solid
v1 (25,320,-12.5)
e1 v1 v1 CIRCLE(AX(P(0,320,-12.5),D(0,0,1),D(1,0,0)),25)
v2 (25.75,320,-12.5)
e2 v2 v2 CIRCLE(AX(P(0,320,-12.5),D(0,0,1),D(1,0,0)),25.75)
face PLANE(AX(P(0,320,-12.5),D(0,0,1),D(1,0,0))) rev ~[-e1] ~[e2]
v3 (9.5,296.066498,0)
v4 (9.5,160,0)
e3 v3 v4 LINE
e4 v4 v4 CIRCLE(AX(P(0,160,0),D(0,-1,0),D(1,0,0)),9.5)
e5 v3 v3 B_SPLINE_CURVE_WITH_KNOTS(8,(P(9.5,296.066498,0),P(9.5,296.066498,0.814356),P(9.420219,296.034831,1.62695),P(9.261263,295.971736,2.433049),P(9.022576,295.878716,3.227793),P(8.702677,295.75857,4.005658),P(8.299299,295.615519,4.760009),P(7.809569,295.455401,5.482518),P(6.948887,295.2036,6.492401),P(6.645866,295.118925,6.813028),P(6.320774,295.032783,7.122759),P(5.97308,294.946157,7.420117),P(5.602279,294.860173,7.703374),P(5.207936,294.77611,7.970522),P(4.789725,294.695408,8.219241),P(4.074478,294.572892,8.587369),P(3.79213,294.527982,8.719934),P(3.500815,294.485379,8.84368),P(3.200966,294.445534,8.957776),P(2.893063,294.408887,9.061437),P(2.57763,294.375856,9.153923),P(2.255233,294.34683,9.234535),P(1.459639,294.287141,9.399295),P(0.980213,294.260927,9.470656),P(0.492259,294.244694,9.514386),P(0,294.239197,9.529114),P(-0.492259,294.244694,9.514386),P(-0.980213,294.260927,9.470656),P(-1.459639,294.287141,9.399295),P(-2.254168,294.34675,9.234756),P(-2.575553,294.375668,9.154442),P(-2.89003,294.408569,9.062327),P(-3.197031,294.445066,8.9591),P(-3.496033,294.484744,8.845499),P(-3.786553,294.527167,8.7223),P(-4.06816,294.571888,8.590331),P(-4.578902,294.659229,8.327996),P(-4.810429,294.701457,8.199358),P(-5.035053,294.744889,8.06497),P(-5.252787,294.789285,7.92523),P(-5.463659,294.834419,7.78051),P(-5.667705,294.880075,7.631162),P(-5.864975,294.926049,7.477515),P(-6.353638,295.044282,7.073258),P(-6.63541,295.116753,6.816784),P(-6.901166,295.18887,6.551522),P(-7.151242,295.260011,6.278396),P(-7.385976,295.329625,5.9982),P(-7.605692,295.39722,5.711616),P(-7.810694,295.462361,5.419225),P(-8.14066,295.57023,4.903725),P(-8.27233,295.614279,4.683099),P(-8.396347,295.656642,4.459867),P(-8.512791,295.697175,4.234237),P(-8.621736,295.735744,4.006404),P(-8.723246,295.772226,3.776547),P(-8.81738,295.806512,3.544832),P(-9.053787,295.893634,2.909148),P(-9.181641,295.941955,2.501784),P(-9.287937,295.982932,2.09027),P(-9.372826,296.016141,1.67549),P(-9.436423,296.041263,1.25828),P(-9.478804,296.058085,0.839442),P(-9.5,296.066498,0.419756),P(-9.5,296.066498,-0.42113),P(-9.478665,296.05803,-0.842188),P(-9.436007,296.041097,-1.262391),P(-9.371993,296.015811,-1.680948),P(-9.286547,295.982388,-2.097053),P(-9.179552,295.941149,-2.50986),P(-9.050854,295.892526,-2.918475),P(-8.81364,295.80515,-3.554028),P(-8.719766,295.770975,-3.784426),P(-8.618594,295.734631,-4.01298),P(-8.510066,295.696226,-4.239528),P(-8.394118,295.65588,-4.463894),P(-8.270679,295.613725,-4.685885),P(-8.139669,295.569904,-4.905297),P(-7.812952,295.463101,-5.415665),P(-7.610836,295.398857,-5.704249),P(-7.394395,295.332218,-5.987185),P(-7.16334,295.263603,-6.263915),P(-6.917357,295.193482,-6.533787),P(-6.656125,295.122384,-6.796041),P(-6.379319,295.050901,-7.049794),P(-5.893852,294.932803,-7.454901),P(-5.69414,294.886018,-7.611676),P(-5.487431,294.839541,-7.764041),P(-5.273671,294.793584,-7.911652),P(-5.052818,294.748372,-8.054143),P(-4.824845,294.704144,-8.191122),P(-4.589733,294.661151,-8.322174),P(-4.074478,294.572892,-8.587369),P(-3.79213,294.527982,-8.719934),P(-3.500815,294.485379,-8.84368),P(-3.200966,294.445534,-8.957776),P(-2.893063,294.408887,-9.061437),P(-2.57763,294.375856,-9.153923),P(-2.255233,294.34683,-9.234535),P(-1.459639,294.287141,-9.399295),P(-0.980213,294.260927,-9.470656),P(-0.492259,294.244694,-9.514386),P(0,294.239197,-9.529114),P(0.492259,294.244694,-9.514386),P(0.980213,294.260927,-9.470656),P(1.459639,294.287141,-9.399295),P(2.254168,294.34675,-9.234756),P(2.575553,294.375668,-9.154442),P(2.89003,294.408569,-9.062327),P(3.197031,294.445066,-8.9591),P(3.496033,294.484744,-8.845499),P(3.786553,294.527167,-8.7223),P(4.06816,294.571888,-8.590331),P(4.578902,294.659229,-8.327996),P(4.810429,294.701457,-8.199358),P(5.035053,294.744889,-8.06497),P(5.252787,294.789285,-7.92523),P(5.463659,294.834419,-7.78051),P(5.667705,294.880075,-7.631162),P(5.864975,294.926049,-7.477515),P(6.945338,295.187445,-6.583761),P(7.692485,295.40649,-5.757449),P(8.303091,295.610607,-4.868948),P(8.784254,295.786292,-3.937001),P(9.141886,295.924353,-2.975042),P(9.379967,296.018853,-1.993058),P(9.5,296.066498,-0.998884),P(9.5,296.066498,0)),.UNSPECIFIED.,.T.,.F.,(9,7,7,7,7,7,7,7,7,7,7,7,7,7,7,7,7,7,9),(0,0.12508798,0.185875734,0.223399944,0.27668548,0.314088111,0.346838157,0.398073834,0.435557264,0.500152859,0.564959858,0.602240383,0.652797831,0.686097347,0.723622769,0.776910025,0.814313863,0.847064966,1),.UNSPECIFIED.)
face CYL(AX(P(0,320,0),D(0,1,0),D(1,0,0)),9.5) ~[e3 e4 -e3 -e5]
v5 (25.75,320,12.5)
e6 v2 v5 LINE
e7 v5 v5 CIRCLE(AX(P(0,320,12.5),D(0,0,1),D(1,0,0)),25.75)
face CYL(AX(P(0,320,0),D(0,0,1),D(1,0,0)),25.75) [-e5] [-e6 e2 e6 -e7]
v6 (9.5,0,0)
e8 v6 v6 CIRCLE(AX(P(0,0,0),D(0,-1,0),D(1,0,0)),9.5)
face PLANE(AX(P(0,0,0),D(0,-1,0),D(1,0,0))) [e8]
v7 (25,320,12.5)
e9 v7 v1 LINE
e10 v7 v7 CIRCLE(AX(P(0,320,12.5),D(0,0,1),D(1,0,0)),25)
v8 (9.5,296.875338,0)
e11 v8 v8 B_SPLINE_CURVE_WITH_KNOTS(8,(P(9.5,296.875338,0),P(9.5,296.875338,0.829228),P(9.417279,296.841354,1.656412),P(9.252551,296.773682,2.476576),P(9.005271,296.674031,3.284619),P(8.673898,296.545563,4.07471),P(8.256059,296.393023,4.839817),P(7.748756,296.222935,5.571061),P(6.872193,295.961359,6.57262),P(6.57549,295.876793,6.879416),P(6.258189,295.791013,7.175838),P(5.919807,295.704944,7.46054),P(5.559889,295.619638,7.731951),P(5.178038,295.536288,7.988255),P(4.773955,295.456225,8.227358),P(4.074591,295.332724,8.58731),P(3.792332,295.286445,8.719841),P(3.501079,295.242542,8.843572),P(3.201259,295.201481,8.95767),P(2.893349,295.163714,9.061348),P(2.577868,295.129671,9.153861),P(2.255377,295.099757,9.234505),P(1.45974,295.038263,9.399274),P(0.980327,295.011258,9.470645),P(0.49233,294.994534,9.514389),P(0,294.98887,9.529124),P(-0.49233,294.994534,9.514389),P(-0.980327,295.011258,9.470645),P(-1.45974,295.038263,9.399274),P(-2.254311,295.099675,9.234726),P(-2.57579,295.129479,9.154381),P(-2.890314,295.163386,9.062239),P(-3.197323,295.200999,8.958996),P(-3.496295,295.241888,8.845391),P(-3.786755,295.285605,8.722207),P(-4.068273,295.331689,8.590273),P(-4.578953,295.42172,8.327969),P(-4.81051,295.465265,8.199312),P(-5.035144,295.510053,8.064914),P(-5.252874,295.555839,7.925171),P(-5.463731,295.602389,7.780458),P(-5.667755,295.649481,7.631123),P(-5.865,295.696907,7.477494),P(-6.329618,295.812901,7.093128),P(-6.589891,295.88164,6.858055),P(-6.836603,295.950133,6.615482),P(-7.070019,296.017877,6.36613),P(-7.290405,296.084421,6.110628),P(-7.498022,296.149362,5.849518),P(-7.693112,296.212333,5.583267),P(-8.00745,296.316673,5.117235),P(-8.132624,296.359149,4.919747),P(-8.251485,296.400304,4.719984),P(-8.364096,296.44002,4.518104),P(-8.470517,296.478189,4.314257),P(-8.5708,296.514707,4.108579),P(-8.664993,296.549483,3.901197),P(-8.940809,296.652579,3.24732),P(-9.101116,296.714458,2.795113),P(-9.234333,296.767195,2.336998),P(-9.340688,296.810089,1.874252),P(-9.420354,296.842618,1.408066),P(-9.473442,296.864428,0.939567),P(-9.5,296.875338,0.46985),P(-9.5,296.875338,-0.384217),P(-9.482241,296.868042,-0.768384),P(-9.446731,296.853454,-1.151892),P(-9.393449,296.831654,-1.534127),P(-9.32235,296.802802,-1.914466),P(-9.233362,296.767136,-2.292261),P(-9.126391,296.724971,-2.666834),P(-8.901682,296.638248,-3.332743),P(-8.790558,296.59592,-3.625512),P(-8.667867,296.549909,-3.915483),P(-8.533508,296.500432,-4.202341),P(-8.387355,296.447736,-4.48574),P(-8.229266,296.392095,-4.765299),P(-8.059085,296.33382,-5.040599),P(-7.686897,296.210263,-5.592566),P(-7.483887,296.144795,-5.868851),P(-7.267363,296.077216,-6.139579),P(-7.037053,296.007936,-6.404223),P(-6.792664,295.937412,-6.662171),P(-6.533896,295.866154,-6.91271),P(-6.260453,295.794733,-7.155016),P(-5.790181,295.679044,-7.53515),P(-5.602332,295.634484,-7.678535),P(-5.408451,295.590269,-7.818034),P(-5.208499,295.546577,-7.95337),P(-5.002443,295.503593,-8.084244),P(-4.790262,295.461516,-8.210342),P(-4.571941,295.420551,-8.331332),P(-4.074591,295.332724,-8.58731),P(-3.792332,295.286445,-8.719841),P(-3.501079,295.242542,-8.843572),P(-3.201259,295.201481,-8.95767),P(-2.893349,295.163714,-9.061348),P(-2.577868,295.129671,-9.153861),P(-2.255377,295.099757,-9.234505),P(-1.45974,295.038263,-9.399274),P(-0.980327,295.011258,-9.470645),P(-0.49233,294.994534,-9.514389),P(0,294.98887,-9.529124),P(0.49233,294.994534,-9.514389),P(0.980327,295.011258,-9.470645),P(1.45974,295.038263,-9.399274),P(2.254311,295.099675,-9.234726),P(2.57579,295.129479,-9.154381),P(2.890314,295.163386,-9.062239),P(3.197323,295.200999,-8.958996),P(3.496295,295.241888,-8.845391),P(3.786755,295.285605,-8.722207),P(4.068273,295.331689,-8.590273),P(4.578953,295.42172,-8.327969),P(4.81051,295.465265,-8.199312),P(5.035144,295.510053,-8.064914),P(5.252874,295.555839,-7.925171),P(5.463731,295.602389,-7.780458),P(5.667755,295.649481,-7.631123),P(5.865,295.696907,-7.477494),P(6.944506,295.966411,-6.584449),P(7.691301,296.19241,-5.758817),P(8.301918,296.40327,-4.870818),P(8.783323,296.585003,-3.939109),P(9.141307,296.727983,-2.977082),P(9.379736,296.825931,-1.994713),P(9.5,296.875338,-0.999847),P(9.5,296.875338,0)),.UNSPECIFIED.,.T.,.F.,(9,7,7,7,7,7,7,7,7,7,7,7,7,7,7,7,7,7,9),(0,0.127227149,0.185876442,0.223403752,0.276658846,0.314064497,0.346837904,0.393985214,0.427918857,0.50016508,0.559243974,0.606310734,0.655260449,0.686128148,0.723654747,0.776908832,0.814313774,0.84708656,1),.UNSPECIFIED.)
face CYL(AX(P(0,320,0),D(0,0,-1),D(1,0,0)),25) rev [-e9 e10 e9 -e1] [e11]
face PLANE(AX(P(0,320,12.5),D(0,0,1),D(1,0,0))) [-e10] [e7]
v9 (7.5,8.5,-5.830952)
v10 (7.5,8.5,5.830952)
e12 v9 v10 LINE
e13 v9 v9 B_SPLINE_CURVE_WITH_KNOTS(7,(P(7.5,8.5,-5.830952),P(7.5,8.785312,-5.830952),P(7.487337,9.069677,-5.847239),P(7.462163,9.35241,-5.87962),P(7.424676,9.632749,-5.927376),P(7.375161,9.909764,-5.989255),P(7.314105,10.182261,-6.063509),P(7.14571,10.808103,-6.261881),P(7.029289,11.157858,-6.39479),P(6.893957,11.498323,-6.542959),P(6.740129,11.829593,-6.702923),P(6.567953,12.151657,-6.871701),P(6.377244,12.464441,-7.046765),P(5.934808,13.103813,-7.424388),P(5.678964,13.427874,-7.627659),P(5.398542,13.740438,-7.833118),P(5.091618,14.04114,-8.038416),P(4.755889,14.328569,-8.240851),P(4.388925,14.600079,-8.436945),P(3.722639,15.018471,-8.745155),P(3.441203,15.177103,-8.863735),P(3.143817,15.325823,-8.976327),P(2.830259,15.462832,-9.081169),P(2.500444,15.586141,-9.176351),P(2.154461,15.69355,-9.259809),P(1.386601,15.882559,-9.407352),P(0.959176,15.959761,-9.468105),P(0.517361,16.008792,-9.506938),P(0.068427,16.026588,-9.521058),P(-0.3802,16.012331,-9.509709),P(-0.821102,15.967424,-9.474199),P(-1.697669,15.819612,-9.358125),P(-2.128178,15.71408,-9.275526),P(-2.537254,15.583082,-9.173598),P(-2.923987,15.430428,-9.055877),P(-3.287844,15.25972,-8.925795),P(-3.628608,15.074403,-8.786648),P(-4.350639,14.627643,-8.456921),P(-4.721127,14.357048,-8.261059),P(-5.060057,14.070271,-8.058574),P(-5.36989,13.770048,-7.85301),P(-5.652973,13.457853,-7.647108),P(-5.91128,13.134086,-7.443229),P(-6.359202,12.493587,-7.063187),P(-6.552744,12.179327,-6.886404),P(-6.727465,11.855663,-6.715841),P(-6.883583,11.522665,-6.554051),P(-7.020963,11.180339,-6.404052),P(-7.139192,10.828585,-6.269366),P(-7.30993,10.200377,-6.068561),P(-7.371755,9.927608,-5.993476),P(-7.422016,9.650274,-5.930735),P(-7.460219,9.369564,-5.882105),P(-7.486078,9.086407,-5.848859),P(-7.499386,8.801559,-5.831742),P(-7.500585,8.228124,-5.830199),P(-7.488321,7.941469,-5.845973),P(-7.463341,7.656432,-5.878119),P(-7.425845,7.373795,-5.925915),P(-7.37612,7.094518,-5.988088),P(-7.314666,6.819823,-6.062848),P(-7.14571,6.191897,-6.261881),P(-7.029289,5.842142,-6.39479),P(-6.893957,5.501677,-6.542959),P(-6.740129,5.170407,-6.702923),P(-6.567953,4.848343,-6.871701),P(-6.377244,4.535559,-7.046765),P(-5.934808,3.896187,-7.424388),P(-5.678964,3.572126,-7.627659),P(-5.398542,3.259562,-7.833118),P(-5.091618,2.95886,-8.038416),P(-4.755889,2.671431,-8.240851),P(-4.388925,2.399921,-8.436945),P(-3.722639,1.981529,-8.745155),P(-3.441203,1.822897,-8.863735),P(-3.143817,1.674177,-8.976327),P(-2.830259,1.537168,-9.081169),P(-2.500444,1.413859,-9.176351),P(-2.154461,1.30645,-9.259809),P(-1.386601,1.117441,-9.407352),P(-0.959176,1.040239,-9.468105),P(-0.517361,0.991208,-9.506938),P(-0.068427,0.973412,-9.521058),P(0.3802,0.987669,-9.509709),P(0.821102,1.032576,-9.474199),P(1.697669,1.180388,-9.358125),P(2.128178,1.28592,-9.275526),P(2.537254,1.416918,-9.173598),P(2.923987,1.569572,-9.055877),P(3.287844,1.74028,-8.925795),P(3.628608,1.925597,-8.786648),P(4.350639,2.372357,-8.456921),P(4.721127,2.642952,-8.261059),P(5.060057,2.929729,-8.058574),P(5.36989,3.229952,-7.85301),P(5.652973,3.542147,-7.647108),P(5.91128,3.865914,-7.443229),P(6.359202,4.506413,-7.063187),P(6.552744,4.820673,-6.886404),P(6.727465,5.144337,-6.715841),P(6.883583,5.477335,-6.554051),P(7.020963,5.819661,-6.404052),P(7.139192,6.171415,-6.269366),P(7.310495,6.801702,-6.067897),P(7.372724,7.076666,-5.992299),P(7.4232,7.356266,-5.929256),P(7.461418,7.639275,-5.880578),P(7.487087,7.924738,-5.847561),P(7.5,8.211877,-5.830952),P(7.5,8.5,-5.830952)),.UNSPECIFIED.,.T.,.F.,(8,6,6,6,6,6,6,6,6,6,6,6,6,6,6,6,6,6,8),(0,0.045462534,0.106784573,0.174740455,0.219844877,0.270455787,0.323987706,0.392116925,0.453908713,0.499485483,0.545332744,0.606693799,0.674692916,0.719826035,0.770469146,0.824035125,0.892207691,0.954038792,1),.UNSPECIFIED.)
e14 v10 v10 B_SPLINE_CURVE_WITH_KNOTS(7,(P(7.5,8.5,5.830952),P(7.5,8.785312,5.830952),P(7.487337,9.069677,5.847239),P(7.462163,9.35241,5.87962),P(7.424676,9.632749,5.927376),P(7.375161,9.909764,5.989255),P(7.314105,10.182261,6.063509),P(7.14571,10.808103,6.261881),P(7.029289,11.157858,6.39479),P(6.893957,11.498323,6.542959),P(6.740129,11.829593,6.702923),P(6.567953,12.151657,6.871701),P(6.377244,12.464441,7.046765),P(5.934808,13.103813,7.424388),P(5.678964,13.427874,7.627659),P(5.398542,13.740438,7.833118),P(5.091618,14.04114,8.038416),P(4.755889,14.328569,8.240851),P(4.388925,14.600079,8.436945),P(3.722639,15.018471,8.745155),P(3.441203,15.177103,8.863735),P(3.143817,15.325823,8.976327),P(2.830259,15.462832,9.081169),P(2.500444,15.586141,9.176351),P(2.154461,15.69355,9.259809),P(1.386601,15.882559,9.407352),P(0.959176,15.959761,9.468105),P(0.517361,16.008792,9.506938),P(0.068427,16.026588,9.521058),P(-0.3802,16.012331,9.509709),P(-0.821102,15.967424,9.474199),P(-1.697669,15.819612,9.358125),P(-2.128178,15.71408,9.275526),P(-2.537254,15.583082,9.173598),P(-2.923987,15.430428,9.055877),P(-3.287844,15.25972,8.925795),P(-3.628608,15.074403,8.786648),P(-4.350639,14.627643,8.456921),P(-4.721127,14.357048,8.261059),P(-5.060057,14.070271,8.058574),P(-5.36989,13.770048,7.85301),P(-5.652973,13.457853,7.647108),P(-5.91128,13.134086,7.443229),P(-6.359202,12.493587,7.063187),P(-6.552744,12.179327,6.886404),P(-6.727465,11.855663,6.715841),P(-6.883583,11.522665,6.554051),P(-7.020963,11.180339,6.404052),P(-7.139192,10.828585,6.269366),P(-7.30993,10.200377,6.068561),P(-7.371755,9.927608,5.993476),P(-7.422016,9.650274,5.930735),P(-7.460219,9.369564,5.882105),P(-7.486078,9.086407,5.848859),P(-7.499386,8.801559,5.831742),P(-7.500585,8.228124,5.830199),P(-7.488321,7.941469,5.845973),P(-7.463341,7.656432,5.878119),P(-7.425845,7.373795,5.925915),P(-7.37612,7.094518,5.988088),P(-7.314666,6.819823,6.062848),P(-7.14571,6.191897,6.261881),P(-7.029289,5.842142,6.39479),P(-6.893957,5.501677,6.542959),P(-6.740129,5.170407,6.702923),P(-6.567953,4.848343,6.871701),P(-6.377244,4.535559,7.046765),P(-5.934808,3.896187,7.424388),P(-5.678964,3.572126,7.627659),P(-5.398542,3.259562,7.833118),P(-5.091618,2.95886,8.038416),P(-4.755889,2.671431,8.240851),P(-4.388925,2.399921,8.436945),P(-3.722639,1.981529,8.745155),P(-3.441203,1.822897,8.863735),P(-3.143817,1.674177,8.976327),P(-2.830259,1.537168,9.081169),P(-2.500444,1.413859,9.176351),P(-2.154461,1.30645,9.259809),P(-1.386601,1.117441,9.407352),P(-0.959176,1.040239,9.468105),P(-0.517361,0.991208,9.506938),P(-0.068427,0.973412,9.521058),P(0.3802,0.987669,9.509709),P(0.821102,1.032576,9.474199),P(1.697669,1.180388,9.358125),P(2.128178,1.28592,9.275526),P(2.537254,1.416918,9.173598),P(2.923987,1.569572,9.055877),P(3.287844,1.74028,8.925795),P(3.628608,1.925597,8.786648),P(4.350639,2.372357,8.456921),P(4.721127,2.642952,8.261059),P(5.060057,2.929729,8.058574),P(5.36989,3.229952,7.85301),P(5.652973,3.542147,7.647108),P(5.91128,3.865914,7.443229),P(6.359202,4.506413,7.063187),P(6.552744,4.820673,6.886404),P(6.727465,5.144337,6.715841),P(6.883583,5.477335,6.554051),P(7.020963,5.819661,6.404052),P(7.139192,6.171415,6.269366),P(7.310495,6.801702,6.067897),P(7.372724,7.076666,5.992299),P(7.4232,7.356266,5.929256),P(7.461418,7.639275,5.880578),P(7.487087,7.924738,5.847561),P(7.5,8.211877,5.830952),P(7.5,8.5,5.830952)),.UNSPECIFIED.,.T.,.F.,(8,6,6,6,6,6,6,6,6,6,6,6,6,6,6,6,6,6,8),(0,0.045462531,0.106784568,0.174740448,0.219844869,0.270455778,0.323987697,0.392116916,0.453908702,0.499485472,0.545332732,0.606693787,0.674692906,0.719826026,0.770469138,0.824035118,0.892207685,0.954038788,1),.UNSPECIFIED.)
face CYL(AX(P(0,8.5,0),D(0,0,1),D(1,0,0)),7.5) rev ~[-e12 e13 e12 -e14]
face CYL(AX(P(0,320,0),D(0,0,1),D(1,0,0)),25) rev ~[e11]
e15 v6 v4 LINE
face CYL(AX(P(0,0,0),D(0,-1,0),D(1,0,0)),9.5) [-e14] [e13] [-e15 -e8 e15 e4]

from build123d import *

# Parameters (mm, degrees)
F0_R     = 9.5
F1_DEPTH = 160
F2_W     = 37.5
F2_H     = 20
F3_DEPTH = 30
F4_R     = 7.5
F5_DEPTH = 1000
F7_R     = 25.75
F7_R_2   = 25
F8_DEPTH = 12.5
F9_DEPTH = 500


with BuildPart() as f1:
    # F0 (on Front) → F1 (new body)
    with BuildSketch(Plane.XZ):
        Circle(F0_R)
    extrude(amount=-F1_DEPTH)

    # F2 (on Front) → F3 (cut)
    with BuildSketch(Plane.XZ):
        Rectangle(F2_W, F2_H)
    extrude(amount=F3_DEPTH, mode=Mode.SUBTRACT)

    # F4 (on Top) → F5 (cut, symmetric)
    with BuildSketch(Plane.XY):
        with Locations((0, 8.5)):
            Circle(F4_R)
    extrude(amount=F5_DEPTH, both=True, mode=Mode.SUBTRACT)

    # F6: F1 across face


with BuildPart() as f1_1:
    add(f1.part)
    add(f1.part.mirror(Plane(origin=(0, 160, 0), x_dir=(1, 0, 0), z_dir=(0, 1, 0))))

    # F7 (on Top) → F8 (join, symmetric)
    with BuildSketch(Plane.XY):
        with Locations((0, 320)):
            Circle(F7_R)
        with Locations((0, 320)):
            Circle(F7_R_2, mode=Mode.SUBTRACT)
    extrude(amount=F8_DEPTH, both=True)

    # F7 (on Top) → F9 (cut, symmetric)
    with BuildSketch(Plane.XY):
        with Locations((0, 320)):
            Circle(F7_R_2)
    extrude(amount=F9_DEPTH, both=True, mode=Mode.SUBTRACT)


solid = f1_1.part
